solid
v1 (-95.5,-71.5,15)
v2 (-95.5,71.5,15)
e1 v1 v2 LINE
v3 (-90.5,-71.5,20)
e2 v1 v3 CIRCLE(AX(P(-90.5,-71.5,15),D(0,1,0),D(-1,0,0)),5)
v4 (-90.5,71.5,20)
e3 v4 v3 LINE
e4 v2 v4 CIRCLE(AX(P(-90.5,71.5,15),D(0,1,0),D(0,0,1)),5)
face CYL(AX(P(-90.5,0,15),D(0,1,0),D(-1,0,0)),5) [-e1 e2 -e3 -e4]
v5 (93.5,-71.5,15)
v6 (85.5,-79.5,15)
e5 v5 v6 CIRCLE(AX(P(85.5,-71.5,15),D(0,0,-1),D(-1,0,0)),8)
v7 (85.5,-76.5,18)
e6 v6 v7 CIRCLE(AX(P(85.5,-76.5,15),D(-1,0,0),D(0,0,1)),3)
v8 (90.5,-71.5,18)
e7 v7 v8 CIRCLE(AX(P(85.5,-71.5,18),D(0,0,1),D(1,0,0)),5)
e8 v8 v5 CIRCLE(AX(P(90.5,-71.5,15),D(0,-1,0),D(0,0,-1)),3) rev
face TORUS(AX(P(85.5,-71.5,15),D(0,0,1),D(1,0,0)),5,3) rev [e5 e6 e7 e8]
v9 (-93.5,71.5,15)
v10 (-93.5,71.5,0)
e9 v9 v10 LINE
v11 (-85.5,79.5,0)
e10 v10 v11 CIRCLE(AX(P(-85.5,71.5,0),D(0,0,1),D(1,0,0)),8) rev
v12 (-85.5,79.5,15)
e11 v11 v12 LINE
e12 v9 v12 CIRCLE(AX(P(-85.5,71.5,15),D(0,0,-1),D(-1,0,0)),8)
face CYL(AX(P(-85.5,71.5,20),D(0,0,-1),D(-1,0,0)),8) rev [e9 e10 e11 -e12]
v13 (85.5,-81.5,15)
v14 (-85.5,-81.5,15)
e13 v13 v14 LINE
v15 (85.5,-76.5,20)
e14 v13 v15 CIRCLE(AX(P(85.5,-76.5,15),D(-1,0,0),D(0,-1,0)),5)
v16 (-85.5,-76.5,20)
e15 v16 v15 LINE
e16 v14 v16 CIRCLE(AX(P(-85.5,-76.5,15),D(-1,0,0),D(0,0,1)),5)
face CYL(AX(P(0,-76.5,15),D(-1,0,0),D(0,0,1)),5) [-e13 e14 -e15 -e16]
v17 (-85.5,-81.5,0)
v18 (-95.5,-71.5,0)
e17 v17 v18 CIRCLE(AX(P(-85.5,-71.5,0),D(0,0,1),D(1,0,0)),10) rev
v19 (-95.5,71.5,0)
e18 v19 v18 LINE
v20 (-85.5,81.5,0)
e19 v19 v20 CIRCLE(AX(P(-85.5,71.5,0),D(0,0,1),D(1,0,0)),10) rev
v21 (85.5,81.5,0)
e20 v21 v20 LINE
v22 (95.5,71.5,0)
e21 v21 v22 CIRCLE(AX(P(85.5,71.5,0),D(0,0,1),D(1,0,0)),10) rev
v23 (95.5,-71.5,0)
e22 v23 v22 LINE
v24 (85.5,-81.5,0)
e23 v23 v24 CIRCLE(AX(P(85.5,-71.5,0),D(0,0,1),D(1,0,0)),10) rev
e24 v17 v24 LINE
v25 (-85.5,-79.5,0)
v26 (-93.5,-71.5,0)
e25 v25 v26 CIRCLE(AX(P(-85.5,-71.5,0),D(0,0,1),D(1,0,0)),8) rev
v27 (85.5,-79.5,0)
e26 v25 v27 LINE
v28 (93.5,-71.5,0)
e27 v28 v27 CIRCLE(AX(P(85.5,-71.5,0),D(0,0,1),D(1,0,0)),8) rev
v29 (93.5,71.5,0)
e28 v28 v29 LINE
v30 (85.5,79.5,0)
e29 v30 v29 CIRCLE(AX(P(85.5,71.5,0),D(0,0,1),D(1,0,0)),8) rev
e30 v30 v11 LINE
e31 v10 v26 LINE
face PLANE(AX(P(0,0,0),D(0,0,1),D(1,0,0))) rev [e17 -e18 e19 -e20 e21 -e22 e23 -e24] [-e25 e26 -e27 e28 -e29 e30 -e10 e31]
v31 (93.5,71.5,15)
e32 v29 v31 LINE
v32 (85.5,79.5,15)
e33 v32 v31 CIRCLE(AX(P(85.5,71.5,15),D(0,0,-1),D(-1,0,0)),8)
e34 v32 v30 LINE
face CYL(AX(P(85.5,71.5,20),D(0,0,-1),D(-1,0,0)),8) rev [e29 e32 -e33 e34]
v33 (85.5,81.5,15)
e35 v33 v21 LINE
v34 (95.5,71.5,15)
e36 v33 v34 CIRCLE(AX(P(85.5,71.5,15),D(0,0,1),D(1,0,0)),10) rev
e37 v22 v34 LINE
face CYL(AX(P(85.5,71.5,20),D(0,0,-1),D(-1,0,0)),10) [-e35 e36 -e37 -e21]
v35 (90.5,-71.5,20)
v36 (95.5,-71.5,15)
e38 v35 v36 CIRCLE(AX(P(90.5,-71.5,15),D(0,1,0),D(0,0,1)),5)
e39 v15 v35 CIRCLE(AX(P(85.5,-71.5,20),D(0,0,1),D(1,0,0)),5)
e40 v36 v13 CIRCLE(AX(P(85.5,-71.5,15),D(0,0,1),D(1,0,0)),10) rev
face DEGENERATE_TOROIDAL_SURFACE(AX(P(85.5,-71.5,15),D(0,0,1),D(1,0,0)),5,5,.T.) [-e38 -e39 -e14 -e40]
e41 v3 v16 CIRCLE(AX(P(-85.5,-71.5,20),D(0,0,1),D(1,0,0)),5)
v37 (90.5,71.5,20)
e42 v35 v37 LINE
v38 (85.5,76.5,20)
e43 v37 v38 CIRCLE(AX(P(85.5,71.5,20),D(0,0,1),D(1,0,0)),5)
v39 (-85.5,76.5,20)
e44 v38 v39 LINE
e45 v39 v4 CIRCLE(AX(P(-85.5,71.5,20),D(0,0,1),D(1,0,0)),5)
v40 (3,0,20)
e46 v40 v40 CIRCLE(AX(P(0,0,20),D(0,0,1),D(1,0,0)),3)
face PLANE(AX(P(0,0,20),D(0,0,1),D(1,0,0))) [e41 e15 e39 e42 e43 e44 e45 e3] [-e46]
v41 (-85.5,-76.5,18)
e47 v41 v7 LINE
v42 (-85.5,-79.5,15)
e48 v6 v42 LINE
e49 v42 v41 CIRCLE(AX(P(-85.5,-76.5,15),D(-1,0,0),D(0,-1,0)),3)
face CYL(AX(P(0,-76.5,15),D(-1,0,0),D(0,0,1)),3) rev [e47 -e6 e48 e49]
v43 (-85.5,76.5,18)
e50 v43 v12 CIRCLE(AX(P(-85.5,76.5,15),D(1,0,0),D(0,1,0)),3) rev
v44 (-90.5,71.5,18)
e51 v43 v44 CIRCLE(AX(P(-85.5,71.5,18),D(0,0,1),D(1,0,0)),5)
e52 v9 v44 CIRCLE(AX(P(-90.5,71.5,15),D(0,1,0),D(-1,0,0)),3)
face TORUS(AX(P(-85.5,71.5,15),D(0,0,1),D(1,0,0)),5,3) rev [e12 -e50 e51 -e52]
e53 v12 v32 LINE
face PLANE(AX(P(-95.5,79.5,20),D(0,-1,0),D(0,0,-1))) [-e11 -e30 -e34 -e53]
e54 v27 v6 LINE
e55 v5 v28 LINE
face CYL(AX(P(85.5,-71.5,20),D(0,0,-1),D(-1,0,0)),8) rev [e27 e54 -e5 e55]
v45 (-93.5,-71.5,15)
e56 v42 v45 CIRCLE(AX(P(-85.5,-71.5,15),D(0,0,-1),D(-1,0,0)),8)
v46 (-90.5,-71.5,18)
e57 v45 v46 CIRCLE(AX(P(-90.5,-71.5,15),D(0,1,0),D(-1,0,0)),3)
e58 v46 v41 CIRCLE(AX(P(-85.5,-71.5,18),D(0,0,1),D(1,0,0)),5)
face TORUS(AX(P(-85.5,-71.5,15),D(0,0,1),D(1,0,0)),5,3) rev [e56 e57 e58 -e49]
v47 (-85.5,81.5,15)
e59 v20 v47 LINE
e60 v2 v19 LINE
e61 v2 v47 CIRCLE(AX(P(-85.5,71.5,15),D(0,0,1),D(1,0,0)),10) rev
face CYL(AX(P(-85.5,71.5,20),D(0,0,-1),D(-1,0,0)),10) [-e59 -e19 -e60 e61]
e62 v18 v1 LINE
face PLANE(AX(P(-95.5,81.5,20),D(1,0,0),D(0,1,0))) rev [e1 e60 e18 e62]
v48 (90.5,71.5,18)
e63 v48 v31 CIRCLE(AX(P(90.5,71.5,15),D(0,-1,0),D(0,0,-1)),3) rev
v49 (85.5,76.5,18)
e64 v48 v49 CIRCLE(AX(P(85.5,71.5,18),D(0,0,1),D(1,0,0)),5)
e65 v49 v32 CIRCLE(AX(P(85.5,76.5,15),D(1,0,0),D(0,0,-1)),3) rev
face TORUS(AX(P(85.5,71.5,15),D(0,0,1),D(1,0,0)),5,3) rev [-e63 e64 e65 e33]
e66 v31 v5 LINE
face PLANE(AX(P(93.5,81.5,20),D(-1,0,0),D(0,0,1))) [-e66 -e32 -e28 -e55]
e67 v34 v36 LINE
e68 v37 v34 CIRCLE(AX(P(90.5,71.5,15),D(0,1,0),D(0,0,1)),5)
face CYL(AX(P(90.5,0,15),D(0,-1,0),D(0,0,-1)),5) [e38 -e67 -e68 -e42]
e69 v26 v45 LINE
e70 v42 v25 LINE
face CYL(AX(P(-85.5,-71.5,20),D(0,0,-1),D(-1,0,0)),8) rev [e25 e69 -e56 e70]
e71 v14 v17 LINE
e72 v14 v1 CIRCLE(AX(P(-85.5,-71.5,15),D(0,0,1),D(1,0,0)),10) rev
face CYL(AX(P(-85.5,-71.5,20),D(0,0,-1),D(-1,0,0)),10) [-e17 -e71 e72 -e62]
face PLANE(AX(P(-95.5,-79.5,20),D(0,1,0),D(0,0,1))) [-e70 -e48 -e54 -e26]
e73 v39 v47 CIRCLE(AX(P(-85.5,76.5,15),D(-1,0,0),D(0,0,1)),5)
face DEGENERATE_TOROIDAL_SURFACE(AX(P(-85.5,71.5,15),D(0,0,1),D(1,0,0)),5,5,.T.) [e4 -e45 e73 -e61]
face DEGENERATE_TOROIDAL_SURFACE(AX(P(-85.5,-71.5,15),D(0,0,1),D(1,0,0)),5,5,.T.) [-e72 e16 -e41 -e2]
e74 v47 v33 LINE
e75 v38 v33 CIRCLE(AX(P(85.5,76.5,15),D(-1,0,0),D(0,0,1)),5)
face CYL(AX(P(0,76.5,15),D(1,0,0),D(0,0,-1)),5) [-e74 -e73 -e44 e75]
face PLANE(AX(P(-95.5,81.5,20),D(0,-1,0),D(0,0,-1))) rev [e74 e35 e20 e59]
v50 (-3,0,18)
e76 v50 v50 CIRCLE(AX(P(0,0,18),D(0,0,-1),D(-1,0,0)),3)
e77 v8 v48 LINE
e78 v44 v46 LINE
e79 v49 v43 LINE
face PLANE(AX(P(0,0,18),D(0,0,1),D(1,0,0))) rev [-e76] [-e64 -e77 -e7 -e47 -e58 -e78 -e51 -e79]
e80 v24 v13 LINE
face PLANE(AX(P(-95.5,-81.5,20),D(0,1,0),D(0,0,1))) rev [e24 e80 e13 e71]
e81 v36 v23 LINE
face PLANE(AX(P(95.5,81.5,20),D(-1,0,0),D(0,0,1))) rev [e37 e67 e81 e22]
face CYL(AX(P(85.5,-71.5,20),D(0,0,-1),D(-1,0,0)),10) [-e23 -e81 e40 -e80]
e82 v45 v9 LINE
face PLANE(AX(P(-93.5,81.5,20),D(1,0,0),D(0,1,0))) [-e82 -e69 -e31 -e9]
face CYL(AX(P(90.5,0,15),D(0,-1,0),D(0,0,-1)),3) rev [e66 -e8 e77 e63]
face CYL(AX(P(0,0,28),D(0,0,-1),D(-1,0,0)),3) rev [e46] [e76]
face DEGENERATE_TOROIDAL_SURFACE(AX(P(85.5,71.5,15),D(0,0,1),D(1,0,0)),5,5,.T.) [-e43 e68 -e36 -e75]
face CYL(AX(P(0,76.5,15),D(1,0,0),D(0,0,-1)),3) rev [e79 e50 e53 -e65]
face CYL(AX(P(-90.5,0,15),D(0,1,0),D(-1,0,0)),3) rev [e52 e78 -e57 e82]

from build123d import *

# Parameters (mm, degrees)
SKETCH1_W           = 191
SKETCH1_H           = 163
BOSS_EXTRUDE1_DEPTH = 20
FILLET1_R           = 10
FILLET2_R           = 5
SHELL1_T            = -2
SKETCH2_R           = 3
CUT_EXTRUDE1_DEPTH  = 10


with BuildPart() as part:
    # Sketch1 → Boss-Extrude1 (new body)
    with BuildSketch(Plane.XY):
        Rectangle(SKETCH1_W, SKETCH1_H)
    extrude(amount=BOSS_EXTRUDE1_DEPTH)

    # Fillet1
    fillet1_edges = [part.edges().sort_by_distance(p)[0] for p in [
        (95.5, -81.5, 10),
        (-95.5, -81.5, 10),
        (-95.5, 81.5, 10),
        (95.5, 81.5, 10),
    ]]
    fillet(fillet1_edges, radius=FILLET1_R)

    # Fillet2
    fillet2_edges = [part.edges().sort_by_distance(p)[0] for p in [
        (0, -81.5, 20),
        (-95.5, 0, 20),
        (95.5, 0, 20),
        (0, 81.5, 20),
        (-92.571067812, 78.571067812, 20),
        (92.571067812, 78.571067812, 20),
        (92.571067812, -78.571067812, 20),
        (-92.571067812, -78.571067812, 20),
    ]]
    fillet(fillet2_edges, radius=FILLET2_R)

    # Shell1
    shell1_openings = [part.faces().sort_by_distance(p)[0] for p in [
        (0, 0, 0),
    ]]
    offset(amount=SHELL1_T, openings=shell1_openings, kind=Kind.INTERSECTION)

    # Sketch2 → Cut-Extrude1 (cut)
    with BuildSketch(Plane(origin=(0, 0, 18), x_dir=(-1, 0, 0), z_dir=(0, 0, -1))):
        Circle(SKETCH2_R)
    extrude(amount=-CUT_EXTRUDE1_DEPTH, mode=Mode.SUBTRACT)


solid = part.part
